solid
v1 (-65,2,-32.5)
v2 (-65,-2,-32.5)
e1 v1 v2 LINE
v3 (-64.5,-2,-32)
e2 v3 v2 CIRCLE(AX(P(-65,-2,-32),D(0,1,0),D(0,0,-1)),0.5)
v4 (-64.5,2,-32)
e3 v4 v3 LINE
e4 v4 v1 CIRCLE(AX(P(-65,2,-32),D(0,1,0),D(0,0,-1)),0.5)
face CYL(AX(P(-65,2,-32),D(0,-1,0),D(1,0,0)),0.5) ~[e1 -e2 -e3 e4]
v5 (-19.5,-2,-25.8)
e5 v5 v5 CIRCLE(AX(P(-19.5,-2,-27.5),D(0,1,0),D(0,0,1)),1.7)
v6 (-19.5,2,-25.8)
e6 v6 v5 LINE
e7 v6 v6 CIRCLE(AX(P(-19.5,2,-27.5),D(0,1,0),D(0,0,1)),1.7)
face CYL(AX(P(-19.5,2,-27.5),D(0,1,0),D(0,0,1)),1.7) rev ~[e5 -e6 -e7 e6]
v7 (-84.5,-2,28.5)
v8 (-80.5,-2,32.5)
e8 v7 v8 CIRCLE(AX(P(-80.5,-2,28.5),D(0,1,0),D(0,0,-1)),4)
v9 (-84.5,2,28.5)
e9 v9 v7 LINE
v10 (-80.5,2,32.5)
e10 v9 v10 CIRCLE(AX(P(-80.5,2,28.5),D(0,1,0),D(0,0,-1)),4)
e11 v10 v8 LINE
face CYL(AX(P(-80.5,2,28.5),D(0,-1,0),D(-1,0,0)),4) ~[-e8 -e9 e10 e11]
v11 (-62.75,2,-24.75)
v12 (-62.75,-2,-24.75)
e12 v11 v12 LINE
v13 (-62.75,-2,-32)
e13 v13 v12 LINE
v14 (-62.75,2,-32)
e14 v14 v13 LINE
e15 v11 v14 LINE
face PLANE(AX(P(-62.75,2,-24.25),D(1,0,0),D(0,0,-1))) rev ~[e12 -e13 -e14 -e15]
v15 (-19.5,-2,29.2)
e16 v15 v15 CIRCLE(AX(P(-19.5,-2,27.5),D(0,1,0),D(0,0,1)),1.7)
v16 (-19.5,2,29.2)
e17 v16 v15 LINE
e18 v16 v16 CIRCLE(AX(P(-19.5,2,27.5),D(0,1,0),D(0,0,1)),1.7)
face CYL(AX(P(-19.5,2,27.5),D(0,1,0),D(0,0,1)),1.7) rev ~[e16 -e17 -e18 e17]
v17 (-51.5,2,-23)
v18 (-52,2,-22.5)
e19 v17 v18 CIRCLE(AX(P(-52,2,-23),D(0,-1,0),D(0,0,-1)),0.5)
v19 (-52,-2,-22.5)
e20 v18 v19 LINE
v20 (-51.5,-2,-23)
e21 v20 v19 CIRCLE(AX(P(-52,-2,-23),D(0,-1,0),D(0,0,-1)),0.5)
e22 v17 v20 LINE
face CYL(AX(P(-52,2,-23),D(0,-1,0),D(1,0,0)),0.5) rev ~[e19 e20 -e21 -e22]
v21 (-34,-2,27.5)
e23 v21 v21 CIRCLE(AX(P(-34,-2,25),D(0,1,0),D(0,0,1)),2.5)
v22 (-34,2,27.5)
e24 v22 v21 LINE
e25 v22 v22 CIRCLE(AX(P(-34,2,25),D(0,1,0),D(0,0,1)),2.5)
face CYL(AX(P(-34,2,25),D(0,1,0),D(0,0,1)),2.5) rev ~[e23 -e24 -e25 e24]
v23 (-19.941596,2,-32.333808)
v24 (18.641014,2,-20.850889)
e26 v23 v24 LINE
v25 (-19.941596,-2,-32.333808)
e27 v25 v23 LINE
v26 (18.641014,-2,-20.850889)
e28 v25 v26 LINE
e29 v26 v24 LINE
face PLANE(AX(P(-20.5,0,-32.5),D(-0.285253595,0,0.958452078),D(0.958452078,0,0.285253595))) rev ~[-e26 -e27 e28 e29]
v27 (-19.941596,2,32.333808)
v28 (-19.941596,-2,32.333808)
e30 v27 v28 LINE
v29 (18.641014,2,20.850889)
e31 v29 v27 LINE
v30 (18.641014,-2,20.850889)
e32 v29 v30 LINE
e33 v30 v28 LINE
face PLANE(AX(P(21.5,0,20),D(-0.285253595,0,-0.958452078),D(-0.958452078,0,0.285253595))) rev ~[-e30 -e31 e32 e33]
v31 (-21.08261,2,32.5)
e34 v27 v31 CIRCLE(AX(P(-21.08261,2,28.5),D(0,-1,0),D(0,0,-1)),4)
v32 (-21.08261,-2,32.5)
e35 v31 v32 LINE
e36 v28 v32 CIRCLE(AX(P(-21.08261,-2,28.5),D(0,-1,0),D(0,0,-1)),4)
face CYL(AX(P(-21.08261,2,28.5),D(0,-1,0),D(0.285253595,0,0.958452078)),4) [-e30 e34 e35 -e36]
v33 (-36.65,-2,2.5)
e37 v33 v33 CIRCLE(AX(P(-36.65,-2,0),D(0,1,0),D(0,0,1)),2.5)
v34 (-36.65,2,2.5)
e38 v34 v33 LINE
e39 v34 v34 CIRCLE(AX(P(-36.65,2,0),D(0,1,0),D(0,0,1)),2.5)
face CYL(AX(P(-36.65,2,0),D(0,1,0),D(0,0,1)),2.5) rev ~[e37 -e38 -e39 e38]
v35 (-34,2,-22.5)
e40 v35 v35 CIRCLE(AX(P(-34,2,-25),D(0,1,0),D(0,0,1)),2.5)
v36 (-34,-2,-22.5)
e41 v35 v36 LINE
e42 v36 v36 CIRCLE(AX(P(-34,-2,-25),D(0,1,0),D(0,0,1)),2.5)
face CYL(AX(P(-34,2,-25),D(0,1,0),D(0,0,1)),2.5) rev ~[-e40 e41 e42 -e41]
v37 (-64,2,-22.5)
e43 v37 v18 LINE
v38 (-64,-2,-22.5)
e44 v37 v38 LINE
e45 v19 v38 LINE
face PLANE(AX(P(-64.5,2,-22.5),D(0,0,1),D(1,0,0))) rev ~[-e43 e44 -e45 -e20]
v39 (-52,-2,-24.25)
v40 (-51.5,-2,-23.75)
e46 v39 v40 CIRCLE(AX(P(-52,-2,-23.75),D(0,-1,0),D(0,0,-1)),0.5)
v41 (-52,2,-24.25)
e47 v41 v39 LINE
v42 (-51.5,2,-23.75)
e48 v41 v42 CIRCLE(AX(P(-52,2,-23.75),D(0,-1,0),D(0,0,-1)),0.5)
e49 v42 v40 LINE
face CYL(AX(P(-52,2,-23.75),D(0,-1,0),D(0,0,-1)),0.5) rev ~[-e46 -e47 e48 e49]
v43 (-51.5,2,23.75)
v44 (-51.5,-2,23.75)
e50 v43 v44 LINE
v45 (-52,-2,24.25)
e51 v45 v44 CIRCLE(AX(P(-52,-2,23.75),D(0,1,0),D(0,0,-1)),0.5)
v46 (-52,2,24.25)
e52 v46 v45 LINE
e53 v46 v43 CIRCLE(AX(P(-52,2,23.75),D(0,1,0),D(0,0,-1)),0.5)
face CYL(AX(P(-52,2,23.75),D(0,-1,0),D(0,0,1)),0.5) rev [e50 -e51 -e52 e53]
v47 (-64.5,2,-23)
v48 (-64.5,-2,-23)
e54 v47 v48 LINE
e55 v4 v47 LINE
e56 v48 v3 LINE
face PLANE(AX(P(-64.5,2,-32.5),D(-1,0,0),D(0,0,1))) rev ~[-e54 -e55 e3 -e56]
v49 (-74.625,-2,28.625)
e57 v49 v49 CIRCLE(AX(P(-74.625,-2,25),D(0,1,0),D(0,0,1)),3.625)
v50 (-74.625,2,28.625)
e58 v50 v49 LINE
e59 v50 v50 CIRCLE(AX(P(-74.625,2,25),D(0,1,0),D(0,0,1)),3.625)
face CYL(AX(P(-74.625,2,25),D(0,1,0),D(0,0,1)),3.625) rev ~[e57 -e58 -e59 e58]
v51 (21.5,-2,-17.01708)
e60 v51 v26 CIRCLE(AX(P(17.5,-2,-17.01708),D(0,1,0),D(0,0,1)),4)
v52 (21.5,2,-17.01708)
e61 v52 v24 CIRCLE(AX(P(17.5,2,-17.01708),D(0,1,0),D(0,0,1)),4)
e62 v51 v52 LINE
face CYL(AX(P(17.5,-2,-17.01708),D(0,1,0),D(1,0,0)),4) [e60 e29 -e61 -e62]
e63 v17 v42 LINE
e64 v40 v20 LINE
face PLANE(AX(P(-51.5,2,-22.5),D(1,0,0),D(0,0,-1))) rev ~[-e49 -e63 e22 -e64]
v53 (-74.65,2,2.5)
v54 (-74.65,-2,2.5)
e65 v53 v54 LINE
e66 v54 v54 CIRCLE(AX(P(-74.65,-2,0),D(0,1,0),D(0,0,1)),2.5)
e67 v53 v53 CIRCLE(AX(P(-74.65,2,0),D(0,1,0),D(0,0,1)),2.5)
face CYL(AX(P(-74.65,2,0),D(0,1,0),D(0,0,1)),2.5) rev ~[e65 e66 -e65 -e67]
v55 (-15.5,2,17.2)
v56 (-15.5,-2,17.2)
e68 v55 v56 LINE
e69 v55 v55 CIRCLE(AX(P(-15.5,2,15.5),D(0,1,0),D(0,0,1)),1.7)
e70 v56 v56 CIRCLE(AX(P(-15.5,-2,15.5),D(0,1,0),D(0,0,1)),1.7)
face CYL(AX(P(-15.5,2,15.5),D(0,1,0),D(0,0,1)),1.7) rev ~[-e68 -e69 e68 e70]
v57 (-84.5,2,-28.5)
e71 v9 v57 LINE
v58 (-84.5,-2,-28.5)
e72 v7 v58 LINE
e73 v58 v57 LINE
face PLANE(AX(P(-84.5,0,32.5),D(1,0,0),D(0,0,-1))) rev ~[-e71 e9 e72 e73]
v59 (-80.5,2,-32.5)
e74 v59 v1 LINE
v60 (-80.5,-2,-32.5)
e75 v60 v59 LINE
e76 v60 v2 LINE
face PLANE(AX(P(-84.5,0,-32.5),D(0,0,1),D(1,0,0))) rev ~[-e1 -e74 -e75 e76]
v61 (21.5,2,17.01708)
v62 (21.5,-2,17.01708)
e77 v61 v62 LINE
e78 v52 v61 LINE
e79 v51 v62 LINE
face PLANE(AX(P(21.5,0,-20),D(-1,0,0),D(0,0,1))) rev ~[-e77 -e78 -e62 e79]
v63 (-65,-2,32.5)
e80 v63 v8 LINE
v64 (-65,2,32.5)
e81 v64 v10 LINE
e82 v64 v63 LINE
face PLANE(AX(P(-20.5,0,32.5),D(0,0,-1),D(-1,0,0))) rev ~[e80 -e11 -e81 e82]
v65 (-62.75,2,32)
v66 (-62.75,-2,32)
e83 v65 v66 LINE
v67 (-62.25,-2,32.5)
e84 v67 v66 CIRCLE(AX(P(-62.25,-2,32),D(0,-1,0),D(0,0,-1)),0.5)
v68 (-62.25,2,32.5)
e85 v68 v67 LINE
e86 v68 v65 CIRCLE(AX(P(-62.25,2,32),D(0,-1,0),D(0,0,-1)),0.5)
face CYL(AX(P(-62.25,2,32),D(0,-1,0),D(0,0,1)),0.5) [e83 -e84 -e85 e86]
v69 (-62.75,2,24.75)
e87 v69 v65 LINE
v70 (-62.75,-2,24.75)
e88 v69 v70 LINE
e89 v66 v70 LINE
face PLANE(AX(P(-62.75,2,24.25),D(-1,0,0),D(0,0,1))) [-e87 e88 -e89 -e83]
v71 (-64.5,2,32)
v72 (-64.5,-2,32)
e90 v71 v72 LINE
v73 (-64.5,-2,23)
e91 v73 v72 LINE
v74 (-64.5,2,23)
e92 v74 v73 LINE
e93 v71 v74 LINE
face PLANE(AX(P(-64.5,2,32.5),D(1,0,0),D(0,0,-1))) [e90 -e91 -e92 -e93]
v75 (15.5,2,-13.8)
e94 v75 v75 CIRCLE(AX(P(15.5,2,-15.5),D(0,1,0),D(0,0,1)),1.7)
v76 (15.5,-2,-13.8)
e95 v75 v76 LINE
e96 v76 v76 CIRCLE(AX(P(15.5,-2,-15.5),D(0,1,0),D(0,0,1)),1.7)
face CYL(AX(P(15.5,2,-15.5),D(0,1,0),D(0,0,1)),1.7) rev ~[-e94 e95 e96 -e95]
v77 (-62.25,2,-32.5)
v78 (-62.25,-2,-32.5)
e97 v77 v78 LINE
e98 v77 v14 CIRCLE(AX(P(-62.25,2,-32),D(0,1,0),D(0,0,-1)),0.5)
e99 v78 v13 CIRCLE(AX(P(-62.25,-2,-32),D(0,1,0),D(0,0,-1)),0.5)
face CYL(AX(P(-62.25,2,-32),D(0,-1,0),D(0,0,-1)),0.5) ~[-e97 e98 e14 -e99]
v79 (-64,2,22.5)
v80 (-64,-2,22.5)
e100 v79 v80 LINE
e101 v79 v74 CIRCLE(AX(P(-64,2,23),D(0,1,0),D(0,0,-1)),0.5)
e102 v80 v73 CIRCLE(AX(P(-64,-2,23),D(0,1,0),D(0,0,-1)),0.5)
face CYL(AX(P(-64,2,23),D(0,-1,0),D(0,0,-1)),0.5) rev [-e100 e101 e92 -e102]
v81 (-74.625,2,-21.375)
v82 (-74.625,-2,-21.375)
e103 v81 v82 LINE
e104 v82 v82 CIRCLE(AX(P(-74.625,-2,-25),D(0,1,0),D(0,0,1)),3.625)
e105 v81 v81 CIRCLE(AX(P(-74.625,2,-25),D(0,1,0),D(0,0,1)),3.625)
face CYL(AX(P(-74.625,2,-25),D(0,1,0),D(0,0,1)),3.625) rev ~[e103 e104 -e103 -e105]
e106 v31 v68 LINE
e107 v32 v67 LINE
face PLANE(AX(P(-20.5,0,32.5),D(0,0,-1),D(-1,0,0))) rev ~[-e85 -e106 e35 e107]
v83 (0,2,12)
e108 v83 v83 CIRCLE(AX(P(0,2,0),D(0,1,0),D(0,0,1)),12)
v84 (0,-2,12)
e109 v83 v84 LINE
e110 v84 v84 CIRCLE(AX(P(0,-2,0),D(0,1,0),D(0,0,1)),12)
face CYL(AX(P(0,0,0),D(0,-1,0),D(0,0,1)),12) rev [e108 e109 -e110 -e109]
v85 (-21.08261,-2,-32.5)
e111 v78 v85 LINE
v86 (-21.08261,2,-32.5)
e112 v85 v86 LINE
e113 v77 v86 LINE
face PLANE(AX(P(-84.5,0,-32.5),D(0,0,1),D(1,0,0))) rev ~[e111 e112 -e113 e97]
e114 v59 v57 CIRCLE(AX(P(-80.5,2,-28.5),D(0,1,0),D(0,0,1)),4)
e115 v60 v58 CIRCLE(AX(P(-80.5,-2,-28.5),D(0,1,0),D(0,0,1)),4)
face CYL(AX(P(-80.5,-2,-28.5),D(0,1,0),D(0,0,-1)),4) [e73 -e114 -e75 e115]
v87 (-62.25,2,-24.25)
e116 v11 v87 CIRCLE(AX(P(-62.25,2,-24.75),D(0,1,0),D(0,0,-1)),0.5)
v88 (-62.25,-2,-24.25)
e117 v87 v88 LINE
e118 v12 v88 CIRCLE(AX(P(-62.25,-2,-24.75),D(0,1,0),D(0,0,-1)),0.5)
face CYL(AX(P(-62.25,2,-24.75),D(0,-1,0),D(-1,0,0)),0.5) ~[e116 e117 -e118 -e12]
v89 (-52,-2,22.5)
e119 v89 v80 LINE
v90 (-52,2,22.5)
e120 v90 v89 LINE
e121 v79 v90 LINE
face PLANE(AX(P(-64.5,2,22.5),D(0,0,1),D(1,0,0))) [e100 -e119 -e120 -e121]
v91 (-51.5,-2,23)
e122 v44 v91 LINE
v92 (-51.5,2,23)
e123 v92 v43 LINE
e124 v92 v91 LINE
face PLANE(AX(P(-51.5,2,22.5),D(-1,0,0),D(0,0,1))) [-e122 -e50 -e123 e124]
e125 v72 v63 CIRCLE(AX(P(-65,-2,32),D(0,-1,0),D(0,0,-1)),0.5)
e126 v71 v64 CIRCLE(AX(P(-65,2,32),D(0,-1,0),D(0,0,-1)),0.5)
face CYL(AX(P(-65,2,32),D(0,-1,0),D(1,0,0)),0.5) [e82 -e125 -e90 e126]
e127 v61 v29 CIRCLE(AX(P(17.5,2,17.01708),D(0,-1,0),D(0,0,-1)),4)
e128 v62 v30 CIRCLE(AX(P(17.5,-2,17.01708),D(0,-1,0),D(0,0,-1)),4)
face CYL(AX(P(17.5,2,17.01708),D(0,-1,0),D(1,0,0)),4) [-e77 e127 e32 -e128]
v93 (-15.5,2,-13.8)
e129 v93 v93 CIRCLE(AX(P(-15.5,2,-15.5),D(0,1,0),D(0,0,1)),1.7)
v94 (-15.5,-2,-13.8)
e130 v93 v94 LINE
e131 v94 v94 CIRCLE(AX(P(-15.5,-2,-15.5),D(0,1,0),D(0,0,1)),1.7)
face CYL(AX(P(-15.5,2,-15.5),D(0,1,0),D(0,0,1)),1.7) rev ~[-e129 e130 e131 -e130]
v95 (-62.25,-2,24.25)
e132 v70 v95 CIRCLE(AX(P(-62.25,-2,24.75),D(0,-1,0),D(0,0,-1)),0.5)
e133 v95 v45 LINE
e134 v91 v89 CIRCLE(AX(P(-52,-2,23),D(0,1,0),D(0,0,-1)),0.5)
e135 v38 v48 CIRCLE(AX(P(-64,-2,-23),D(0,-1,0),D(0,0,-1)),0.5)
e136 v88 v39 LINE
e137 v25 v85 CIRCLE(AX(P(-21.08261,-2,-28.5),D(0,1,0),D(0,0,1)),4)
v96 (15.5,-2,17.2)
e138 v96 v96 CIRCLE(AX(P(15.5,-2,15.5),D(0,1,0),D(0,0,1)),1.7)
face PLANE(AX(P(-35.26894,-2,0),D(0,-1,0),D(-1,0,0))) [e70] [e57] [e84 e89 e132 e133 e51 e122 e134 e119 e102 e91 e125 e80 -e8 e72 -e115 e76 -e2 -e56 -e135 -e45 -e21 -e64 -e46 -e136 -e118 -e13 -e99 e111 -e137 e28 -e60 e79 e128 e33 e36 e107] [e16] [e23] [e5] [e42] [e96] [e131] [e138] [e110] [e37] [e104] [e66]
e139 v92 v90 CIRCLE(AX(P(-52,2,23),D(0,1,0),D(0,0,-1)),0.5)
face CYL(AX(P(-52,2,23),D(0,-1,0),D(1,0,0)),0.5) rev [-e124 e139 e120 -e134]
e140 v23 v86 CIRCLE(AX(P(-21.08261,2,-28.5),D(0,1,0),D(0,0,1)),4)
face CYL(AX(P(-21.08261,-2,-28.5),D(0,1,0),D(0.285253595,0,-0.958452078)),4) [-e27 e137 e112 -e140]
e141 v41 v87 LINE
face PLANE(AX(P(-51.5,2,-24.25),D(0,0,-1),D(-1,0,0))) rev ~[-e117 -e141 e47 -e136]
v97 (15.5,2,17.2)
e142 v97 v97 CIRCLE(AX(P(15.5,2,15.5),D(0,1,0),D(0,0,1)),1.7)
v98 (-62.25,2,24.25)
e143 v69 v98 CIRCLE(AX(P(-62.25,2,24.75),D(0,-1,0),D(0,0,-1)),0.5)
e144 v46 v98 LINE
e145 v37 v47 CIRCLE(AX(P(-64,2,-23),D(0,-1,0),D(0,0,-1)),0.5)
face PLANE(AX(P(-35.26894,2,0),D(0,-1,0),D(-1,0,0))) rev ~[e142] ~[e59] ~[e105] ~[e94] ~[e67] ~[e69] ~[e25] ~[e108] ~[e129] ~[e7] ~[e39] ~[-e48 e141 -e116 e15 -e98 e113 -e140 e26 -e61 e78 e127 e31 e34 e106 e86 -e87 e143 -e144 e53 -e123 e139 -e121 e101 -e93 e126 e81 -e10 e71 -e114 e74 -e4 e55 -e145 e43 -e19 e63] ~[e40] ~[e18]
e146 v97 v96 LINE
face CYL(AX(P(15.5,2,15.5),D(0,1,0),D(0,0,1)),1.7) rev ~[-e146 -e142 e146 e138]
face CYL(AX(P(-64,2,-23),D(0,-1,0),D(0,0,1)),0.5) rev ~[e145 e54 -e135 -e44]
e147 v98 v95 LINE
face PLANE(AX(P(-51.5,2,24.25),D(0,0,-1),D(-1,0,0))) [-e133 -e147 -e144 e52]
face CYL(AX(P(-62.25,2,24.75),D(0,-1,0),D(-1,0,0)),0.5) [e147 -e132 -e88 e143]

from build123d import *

# Parameters (mm, degrees)
SKETCH1_R           = 12
BOSS_EXTRUDE1_DEPTH = 2
SKETCH2_R           = 1.7
CUT_EXTRUDE1_DEPTH  = 91.622844802
SKETCH3_R           = 2.5
SKETCH3_R_2         = 3.625
CUT_EXTRUDE2_DEPTH  = 91.622844802
CUT_EXTRUDE3_DEPTH  = 91.622844802
FILLET1_R           = 4
FILLET2_R           = 0.5


with BuildPart() as part:
    # Sketch1 → Boss-Extrude1 (new, symmetric)
    with BuildSketch(Plane(origin=(0, 0, 0), x_dir=(1, 0, 0), z_dir=(0, 1, 0))):
        Polygon((21.5, 20), (21.5, -20), (-20.5, -32.5), (-84.5, -32.5), (-84.5, 32.5), (-20.5, 32.5), align=None)
        with Locations(Location((0, 0, 0), (0, 0, 270))):
            Circle(SKETCH1_R, mode=Mode.SUBTRACT)
    extrude(amount=BOSS_EXTRUDE1_DEPTH, both=True)

    # Sketch2 → Cut-Extrude1 (cut, through all)
    with BuildSketch(Plane(origin=(0, 2, 0), x_dir=(1, 0, 0), z_dir=(0, 1, 0))):
        with Locations(Location((15.5, 15.5, 0), (0, 0, 270))):
            Circle(SKETCH2_R)
        with Locations(Location((-15.5, 15.5, 0), (0, 0, 270))):
            Circle(SKETCH2_R)
        with Locations(Location((-15.5, -15.5, 0), (0, 0, 270))):
            Circle(SKETCH2_R)
        with Locations(Location((15.5, -15.5, 0), (0, 0, 270))):
            Circle(SKETCH2_R)
        with Locations(Location((-19.5, 27.5, 0), (0, 0, 270))):
            Circle(SKETCH2_R)
        with Locations(Location((-19.5, -27.5, 0), (0, 0, 270))):
            Circle(SKETCH2_R)
    extrude(amount=-CUT_EXTRUDE1_DEPTH, mode=Mode.SUBTRACT)

    # Sketch3 → Cut-Extrude2 (cut, through all)
    with BuildSketch(Plane(origin=(0, 2, 0), x_dir=(1, 0, 0), z_dir=(0, 1, 0))):
        with Locations(Location((-74.65, 0, 0), (0, 0, 270))):
            Circle(SKETCH3_R)
        with Locations(Location((-36.65, 0, 0), (0, 0, 270))):
            Circle(SKETCH3_R)
        with Locations(Location((-34, 25, 0), (0, 0, 270))):
            Circle(SKETCH3_R)
        with Locations(Location((-34, -25, 0), (0, 0, 270))):
            Circle(SKETCH3_R)
        with Locations(Location((-74.625, 25, 0), (0, 0, 270))):
            Circle(SKETCH3_R_2)
        with Locations(Location((-74.625, -25, 0), (0, 0, 270))):
            Circle(SKETCH3_R_2)
    extrude(amount=-CUT_EXTRUDE2_DEPTH, mode=Mode.SUBTRACT)

    # Sketch4 → Cut-Extrude3 (cut, through all)
    with BuildSketch(Plane(origin=(0, 2, 0), x_dir=(1, 0, 0), z_dir=(0, 1, 0))):
        Polygon((-64.5, 32.5), (-64.5, 22.5), (-51.5, 22.5), (-51.5, 24.25), (-62.75, 24.25), (-62.75, 32.5), align=None)
        Polygon((-62.75, -24.25), (-62.75, -32.5), (-64.5, -32.5), (-64.5, -22.5), (-51.5, -22.5), (-51.5, -24.25), align=None)
    extrude(amount=-CUT_EXTRUDE3_DEPTH, mode=Mode.SUBTRACT)

    # Fillet1
    fillet1_edges = [part.edges().sort_by_distance(p)[0] for p in [
        (-20.5, 0, 32.5),
        (-84.5, 0, 32.5),
        (-84.5, 0, -32.5),
        (-20.5, 0, -32.5),
        (21.5, 0, -20),
        (21.5, 0, 20),
    ]]
    fillet(fillet1_edges, radius=FILLET1_R)

    # Fillet2
    fillet2_edges = [part.edges().sort_by_distance(p)[0] for p in [
        (-62.75, 0, 24.25),
        (-62.75, 0, 32.5),
        (-64.5, 0, 32.5),
        (-64.5, 0, 22.5),
        (-51.5, 0, 22.5),
        (-64.5, 0, -32.5),
        (-62.75, 0, -32.5),
        (-62.75, 0, -24.25),
        (-51.5, 0, -24.25),
        (-51.5, 0, -22.5),
        (-64.5, 0, -22.5),
        (-51.5, 0, 24.25),
    ]]
    fillet(fillet2_edges, radius=FILLET2_R)


solid = part.part
